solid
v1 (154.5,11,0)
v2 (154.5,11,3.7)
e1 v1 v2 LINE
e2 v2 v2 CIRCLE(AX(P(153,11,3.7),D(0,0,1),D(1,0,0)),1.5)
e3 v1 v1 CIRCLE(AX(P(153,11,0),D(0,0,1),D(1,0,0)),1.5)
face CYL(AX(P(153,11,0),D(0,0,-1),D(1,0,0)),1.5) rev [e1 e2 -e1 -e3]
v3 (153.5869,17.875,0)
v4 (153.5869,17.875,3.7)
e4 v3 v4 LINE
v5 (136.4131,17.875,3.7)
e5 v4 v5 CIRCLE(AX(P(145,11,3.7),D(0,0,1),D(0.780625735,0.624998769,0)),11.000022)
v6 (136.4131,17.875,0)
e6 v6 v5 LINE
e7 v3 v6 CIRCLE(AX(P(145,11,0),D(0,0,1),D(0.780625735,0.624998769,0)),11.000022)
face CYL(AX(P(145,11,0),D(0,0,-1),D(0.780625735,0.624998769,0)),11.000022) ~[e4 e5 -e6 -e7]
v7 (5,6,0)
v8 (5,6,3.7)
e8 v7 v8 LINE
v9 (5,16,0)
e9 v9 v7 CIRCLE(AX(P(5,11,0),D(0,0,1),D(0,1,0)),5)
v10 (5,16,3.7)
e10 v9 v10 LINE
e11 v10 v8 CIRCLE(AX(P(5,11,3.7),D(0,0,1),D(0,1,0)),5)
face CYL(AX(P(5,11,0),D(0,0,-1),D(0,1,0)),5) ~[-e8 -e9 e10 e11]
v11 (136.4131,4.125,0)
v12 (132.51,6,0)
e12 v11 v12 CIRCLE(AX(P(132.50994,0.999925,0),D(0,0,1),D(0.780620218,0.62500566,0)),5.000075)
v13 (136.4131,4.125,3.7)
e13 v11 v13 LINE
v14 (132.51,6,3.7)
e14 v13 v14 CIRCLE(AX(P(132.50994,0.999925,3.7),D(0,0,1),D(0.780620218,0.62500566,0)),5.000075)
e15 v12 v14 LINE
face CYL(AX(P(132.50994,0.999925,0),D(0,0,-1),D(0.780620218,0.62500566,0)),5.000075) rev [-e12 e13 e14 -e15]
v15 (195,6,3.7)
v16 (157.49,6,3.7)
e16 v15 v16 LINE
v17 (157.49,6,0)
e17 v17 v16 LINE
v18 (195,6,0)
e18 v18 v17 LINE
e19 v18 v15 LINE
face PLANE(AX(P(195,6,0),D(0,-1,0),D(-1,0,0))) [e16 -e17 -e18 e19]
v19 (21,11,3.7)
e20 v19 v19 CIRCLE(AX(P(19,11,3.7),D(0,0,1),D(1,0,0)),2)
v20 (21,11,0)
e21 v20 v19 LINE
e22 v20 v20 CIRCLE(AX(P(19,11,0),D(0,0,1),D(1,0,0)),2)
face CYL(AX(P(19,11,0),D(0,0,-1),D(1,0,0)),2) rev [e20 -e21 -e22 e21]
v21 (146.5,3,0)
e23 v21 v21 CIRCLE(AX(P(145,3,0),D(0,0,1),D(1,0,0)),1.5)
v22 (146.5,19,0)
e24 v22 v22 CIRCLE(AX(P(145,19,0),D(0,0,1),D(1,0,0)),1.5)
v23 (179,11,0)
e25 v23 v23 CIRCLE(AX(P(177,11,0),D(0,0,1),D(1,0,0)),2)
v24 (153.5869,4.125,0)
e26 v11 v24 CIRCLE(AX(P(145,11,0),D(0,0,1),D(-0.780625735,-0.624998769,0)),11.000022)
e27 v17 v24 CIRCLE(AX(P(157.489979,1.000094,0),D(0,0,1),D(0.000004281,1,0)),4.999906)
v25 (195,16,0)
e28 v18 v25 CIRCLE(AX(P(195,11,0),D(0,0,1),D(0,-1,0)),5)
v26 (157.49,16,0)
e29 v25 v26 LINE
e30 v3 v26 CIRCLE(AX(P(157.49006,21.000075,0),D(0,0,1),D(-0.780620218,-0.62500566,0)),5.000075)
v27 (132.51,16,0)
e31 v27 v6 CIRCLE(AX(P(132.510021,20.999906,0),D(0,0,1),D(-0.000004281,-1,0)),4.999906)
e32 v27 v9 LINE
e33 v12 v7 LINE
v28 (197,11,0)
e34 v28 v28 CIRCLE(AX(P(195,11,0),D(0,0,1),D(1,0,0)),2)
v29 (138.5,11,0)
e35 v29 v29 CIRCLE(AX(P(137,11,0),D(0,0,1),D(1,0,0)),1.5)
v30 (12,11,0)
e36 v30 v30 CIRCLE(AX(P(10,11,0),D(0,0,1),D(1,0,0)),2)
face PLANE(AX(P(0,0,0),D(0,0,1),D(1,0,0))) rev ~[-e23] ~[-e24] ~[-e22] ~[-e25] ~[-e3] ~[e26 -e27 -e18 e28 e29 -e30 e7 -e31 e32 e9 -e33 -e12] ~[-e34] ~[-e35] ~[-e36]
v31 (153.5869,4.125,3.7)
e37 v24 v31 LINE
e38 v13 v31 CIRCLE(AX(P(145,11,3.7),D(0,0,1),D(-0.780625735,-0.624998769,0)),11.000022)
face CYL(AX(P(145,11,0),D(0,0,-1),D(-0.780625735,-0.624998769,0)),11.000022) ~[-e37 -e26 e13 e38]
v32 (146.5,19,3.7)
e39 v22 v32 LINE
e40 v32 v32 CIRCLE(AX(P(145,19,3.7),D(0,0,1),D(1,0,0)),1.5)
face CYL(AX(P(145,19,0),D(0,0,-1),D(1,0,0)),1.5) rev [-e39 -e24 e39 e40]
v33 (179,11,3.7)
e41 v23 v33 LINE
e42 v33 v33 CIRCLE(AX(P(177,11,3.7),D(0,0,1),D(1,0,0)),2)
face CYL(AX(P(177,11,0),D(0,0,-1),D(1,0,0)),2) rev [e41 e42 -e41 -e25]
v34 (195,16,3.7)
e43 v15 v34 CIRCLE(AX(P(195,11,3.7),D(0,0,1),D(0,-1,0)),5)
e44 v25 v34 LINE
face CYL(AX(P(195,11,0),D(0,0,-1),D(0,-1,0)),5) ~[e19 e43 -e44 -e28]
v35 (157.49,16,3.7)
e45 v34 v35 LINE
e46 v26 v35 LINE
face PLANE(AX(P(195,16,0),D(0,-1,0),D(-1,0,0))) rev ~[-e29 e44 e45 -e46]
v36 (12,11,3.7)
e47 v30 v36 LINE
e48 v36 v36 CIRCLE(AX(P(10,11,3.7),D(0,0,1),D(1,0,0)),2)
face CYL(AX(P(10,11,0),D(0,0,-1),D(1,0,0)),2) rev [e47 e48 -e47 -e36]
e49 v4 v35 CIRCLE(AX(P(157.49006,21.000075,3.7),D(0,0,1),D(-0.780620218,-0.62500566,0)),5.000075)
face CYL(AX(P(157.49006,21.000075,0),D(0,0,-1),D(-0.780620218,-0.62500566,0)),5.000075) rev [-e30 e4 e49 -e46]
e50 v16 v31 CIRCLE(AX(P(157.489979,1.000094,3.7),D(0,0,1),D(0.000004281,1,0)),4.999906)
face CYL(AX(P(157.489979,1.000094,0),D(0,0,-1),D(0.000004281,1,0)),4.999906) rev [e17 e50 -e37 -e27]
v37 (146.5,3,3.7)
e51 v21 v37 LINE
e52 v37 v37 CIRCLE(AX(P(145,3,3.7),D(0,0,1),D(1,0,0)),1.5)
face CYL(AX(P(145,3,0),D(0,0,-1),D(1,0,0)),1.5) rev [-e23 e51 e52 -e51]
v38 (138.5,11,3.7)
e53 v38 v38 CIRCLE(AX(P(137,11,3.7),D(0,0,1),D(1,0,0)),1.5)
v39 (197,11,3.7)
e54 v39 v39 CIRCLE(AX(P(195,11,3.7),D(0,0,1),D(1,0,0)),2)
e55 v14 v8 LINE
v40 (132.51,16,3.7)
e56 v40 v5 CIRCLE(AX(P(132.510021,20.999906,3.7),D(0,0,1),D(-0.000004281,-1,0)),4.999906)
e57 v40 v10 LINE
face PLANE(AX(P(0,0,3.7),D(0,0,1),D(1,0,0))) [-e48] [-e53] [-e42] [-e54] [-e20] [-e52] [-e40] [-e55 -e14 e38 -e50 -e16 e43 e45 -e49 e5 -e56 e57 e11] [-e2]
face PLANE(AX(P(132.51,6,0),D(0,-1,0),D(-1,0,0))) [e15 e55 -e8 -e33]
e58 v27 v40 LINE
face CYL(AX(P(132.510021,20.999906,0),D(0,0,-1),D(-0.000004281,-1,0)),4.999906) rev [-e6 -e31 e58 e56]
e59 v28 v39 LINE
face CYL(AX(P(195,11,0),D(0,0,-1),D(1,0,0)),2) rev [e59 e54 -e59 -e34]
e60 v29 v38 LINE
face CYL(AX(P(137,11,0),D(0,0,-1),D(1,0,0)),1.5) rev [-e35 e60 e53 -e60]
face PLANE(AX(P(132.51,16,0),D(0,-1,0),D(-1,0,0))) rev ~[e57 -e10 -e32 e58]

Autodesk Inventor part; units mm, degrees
ref_plane "XZ Plane" through (0, 0, 0) normal (0, 1, 0) x (-1, 0, 0)
ref_plane "XY Plane" through (0, 0, 0) normal (0, 0, 1) x (1, 0, 0)
sketch "Sketch1" plane through (0, 0, 0) normal (0, 0, 1) x (1, 0, 0)
  line L0 (0, 0) -> (200, 0) construction
  line L1 (200, 0) -> (200, 22) construction
  line L2 (200, 22) -> (0, 22) construction
  line L3 (0, 22) -> (0, 0) construction
  line L4 (200, 22) -> (145, 22) construction
  line L5 (145, 22) -> (145, 0) construction
  line L6 (145, 0) -> (200, 0) construction
  line L7 (200, 0) -> (200, 22) construction
  line L8 (200, 11) -> (0, 11) construction
  arc A0 (5, 16) -> (5, 6) centre (5, 11) ccw
  circle A1 centre (10, 11) radius 2
  circle A2 centre (19, 11) radius 2
  arc A3 (195, 6) -> (195, 16) centre (195, 11) ccw
  circle A4 centre (145, 11) radius 8 construction
  circle A5 centre (145, 19) radius 1.5
  circle A6 centre (137, 11) radius 1.5
  circle A7 centre (145, 11) radius 8 construction
  circle A8 centre (145, 3) radius 1.5
  circle A9 centre (153, 11) radius 1.5
  line L9 (132.51, 16) -> (5, 16)
  line L10 (195, 16) -> (157.49, 16)
  line L11 (195, 6) -> (157.49, 6)
  line L12 (132.51, 6) -> (5, 6)
  arc A10 (136.4131, 4.125) -> (153.5869, 4.125) centre (145, 11) ccw
  arc A11 (153.5869, 17.875) -> (136.4131, 17.875) centre (145, 11) ccw
  circle A12 centre (195, 11) radius 2
  circle A13 centre (177, 11) radius 2
  arc A14 (132.51, 16) -> (136.4131, 17.875) centre (132.51, 21) ccw
  arc A15 (136.4131, 4.125) -> (132.51, 6) centre (132.51, 1) ccw
  arc A16 (153.5869, 17.875) -> (157.49, 16) centre (157.49, 21) ccw
  arc A17 (157.49, 6) -> (153.5869, 4.125) centre (157.49, 1) ccw
  point P0 (135.202, 16)
  point P1 (154.798, 6)
  point P2 (135.202, 6)
  point P3 (154.798, 16)
  dimension "d0" = 200
  dimension "d1" = 22
  dimension "d2" = 55
  dimension "d7" = 4
  dimension "d8" = 4
  dimension "d9" = 9
  dimension "d10" = 10
  dimension "d11" = 16
  dimension "d12" = 3
  dimension "d13" = 3
  dimension "d14" = 4
  dimension "d15" = 4
  dimension "d16" = 18
  dimension "d17" = 5
extrude "Extrusion1" add sketch "Sketch1" along normal blind 3.7
sketch "Sketch2" plane through (0, 0, 0) normal (1, 0, 0) x (0, 1, 0)
  point P0 (0, 0)
ref_plane "Work Plane1" through (0, 0, 0) normal (1, 0, 0) x (0, 1, 0)
properties part number "Pendulo" material "PMMA Plastic"
